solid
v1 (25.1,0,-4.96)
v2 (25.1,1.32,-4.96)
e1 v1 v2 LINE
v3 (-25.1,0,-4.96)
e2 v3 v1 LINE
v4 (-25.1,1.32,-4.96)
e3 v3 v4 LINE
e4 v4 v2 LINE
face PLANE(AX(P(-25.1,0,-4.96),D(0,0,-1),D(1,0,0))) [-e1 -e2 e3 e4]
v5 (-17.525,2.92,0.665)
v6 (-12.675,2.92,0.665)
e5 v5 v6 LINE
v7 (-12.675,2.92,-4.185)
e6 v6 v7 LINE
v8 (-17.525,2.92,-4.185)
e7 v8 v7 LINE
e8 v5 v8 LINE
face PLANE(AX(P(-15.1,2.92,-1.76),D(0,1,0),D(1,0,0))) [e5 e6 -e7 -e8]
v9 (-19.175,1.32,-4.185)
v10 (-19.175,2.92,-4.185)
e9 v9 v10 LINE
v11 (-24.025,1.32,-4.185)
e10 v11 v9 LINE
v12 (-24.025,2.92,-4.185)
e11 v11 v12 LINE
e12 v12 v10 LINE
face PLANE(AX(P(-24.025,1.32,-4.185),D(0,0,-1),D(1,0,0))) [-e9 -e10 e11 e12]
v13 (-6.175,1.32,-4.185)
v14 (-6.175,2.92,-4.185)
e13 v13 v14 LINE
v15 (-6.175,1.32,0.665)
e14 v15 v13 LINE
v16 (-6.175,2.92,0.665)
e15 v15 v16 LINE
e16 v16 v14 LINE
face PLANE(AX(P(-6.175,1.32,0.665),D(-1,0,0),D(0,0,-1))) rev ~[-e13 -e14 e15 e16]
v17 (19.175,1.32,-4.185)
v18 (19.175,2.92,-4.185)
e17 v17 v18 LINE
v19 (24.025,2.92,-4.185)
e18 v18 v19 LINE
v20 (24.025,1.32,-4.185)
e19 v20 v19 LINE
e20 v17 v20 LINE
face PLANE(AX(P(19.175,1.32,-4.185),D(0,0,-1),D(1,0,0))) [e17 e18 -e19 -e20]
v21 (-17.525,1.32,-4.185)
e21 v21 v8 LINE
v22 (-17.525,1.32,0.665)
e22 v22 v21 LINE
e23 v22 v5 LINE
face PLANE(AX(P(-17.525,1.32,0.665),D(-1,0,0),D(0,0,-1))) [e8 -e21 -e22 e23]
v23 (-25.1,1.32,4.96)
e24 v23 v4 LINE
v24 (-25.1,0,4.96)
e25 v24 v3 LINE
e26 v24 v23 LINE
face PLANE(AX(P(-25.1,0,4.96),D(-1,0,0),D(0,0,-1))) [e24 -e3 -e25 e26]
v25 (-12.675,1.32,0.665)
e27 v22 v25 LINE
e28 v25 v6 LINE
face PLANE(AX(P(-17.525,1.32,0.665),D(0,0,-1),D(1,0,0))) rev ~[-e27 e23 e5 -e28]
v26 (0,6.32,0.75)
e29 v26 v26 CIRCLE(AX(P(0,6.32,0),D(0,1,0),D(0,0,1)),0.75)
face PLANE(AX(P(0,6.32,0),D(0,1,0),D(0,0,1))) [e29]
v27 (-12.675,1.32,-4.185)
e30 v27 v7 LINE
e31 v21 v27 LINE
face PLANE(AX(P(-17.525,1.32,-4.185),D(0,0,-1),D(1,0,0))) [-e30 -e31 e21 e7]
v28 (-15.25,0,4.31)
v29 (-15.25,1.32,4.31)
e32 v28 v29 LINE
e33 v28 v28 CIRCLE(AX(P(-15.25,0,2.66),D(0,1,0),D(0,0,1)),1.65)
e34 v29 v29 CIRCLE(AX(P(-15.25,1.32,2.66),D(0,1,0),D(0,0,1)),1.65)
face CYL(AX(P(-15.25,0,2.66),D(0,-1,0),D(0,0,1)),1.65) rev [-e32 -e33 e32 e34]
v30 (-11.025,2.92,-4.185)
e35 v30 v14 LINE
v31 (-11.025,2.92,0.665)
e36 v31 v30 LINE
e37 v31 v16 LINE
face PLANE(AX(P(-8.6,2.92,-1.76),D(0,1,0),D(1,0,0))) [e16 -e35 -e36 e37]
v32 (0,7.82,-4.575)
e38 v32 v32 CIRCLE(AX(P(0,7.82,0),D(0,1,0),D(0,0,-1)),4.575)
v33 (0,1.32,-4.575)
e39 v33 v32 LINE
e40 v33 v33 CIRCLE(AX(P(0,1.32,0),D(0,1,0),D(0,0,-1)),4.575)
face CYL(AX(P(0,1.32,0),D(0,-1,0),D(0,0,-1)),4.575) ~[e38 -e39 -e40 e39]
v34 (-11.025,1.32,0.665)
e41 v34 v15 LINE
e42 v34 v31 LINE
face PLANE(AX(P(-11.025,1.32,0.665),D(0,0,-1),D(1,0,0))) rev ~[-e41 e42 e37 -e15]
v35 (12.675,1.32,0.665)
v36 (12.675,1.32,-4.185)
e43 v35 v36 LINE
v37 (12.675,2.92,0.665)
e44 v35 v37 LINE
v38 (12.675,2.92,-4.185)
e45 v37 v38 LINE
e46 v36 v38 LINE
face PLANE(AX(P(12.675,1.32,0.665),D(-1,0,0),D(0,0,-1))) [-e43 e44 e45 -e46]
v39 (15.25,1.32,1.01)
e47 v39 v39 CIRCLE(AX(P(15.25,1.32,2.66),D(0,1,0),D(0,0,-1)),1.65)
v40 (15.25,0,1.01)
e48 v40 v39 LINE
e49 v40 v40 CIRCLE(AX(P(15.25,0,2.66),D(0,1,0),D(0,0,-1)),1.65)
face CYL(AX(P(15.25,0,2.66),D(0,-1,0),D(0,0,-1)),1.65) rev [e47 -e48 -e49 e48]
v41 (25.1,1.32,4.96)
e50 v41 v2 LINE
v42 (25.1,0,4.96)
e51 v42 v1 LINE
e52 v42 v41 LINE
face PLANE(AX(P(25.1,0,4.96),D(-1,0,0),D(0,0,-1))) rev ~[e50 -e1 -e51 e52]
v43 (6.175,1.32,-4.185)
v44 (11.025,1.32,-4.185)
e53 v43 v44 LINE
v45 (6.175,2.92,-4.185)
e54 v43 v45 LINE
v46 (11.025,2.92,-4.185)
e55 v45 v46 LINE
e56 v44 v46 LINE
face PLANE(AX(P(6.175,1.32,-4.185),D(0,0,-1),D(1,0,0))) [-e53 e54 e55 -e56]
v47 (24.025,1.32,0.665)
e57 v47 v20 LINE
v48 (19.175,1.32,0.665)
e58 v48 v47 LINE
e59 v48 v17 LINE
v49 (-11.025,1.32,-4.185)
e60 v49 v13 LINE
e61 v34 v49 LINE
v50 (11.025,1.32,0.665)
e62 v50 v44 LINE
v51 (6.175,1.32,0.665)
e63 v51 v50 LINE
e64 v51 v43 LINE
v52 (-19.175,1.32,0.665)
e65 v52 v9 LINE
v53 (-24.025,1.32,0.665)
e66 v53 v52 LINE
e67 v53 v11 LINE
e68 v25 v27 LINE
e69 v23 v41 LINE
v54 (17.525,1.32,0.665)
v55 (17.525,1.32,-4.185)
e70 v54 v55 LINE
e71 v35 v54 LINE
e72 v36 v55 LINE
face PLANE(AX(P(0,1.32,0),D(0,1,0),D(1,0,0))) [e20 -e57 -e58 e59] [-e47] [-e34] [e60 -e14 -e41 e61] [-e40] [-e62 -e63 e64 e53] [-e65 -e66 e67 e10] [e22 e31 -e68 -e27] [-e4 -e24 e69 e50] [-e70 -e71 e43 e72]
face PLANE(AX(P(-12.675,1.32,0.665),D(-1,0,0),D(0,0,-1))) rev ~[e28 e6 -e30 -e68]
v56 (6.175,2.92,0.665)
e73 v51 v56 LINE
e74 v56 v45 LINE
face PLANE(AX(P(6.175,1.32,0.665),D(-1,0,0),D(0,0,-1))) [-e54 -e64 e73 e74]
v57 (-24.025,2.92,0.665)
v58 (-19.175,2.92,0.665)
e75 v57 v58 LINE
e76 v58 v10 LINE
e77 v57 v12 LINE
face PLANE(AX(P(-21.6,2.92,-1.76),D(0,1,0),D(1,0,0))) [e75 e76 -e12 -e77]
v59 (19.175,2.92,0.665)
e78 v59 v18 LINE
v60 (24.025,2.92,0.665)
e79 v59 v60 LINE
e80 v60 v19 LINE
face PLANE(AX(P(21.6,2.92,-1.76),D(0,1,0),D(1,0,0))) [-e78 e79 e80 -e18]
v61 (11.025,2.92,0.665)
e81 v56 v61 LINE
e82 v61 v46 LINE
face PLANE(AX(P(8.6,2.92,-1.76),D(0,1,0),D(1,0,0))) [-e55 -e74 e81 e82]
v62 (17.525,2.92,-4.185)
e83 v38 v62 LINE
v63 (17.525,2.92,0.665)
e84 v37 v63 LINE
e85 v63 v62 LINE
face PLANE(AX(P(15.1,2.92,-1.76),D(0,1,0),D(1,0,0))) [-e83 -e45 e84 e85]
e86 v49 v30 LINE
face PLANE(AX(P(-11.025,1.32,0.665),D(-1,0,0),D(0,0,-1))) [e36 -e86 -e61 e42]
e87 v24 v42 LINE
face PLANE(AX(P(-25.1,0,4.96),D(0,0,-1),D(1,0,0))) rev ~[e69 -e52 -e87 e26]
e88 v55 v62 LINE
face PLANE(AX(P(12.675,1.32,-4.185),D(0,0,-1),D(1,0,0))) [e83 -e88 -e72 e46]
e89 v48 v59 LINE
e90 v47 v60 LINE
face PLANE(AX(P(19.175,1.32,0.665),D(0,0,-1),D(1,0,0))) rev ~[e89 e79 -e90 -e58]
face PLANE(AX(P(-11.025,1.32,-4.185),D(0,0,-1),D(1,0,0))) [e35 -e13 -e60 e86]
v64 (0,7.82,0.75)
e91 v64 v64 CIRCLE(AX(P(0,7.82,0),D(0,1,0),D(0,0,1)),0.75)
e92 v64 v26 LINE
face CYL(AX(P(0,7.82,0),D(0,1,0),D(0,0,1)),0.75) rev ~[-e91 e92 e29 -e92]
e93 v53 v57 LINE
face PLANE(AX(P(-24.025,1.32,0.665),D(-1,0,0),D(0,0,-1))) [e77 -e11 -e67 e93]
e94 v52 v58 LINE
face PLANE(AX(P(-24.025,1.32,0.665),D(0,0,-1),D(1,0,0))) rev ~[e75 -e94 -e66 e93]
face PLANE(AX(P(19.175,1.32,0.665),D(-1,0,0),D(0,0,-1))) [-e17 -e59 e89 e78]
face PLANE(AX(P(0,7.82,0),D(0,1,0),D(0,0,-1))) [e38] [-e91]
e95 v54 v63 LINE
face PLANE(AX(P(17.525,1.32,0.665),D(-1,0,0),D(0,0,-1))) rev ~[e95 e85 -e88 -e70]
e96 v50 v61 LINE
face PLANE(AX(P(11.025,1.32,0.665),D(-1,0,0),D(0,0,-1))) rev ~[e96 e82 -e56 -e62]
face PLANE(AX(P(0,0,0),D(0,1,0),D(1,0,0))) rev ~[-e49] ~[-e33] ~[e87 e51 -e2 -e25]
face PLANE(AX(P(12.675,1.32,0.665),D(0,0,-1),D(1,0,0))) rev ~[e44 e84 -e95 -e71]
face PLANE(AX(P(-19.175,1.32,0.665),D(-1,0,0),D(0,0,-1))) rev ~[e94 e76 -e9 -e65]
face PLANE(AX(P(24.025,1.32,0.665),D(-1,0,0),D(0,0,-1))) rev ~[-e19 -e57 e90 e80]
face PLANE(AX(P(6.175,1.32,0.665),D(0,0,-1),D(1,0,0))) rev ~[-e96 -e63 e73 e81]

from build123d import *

# Parameters (mm, degrees)
SKETCH1_W           = 50.2
SKETCH1_H           = 9.92
SKETCH1_R           = 1.65
BOSS_EXTRUDE1_DEPTH = 1.32
SKETCH2_R           = 4.575
BOSS_EXTRUDE2_DEPTH = 6.5
SKETCH3_R           = 0.75
CUT_EXTRUDE1_DEPTH  = 1.5
SKETCH4_W           = 4.85
SKETCH4_H           = 4.85
BOSS_EXTRUDE3_DEPTH = 1.6


with BuildPart() as part:
    # Sketch1 → Boss-Extrude1 (new body)
    with BuildSketch(Plane(origin=(0, 0, 0), x_dir=(1, 0, 0), z_dir=(0, 1, 0))):
        Rectangle(SKETCH1_W, SKETCH1_H)
        with Locations(Location((-15.25, -2.66, 0), (0, 0, 270))):
            Circle(SKETCH1_R, mode=Mode.SUBTRACT)
        with Locations(Location((15.25, -2.66, 0), (0, 0, 90))):
            Circle(SKETCH1_R, mode=Mode.SUBTRACT)
    extrude(amount=BOSS_EXTRUDE1_DEPTH)

    # Sketch2 → Boss-Extrude2 (add)
    with BuildSketch(Plane(origin=(0, 1.32, 0), x_dir=(1, 0, 0), z_dir=(0, 1, 0))):
        with Locations(Location((0, 0, 0), (0, 0, 90))):
            Circle(SKETCH2_R)
    extrude(amount=BOSS_EXTRUDE2_DEPTH)

    # Sketch3 → Cut-Extrude1 (cut)
    with BuildSketch(Plane(origin=(0, 7.82, 0), x_dir=(1, 0, 0), z_dir=(0, 1, 0))):
        with Locations(Location((0, 0, 0), (0, 0, 270))):
            Circle(SKETCH3_R)
    extrude(amount=-CUT_EXTRUDE1_DEPTH, mode=Mode.SUBTRACT)

    # Sketch4 → Boss-Extrude3 (add)
    with BuildSketch(Plane(origin=(0, 1.32, 0), x_dir=(1, 0, 0), z_dir=(0, 1, 0))):
        with Locations((-8.6, 1.76)):
            Rectangle(SKETCH4_W, SKETCH4_H)
        with Locations((-15.1, 1.76)):
            Rectangle(SKETCH4_W, SKETCH4_H)
        with Locations((-21.6, 1.76)):
            Rectangle(SKETCH4_W, SKETCH4_H)
        with Locations((8.6, 1.76)):
            Rectangle(SKETCH4_W, SKETCH4_H)
        with Locations((15.1, 1.76)):
            Rectangle(SKETCH4_W, SKETCH4_H)
        with Locations((21.6, 1.76)):
            Rectangle(SKETCH4_W, SKETCH4_H)
    extrude(amount=BOSS_EXTRUDE3_DEPTH)


solid = part.part
